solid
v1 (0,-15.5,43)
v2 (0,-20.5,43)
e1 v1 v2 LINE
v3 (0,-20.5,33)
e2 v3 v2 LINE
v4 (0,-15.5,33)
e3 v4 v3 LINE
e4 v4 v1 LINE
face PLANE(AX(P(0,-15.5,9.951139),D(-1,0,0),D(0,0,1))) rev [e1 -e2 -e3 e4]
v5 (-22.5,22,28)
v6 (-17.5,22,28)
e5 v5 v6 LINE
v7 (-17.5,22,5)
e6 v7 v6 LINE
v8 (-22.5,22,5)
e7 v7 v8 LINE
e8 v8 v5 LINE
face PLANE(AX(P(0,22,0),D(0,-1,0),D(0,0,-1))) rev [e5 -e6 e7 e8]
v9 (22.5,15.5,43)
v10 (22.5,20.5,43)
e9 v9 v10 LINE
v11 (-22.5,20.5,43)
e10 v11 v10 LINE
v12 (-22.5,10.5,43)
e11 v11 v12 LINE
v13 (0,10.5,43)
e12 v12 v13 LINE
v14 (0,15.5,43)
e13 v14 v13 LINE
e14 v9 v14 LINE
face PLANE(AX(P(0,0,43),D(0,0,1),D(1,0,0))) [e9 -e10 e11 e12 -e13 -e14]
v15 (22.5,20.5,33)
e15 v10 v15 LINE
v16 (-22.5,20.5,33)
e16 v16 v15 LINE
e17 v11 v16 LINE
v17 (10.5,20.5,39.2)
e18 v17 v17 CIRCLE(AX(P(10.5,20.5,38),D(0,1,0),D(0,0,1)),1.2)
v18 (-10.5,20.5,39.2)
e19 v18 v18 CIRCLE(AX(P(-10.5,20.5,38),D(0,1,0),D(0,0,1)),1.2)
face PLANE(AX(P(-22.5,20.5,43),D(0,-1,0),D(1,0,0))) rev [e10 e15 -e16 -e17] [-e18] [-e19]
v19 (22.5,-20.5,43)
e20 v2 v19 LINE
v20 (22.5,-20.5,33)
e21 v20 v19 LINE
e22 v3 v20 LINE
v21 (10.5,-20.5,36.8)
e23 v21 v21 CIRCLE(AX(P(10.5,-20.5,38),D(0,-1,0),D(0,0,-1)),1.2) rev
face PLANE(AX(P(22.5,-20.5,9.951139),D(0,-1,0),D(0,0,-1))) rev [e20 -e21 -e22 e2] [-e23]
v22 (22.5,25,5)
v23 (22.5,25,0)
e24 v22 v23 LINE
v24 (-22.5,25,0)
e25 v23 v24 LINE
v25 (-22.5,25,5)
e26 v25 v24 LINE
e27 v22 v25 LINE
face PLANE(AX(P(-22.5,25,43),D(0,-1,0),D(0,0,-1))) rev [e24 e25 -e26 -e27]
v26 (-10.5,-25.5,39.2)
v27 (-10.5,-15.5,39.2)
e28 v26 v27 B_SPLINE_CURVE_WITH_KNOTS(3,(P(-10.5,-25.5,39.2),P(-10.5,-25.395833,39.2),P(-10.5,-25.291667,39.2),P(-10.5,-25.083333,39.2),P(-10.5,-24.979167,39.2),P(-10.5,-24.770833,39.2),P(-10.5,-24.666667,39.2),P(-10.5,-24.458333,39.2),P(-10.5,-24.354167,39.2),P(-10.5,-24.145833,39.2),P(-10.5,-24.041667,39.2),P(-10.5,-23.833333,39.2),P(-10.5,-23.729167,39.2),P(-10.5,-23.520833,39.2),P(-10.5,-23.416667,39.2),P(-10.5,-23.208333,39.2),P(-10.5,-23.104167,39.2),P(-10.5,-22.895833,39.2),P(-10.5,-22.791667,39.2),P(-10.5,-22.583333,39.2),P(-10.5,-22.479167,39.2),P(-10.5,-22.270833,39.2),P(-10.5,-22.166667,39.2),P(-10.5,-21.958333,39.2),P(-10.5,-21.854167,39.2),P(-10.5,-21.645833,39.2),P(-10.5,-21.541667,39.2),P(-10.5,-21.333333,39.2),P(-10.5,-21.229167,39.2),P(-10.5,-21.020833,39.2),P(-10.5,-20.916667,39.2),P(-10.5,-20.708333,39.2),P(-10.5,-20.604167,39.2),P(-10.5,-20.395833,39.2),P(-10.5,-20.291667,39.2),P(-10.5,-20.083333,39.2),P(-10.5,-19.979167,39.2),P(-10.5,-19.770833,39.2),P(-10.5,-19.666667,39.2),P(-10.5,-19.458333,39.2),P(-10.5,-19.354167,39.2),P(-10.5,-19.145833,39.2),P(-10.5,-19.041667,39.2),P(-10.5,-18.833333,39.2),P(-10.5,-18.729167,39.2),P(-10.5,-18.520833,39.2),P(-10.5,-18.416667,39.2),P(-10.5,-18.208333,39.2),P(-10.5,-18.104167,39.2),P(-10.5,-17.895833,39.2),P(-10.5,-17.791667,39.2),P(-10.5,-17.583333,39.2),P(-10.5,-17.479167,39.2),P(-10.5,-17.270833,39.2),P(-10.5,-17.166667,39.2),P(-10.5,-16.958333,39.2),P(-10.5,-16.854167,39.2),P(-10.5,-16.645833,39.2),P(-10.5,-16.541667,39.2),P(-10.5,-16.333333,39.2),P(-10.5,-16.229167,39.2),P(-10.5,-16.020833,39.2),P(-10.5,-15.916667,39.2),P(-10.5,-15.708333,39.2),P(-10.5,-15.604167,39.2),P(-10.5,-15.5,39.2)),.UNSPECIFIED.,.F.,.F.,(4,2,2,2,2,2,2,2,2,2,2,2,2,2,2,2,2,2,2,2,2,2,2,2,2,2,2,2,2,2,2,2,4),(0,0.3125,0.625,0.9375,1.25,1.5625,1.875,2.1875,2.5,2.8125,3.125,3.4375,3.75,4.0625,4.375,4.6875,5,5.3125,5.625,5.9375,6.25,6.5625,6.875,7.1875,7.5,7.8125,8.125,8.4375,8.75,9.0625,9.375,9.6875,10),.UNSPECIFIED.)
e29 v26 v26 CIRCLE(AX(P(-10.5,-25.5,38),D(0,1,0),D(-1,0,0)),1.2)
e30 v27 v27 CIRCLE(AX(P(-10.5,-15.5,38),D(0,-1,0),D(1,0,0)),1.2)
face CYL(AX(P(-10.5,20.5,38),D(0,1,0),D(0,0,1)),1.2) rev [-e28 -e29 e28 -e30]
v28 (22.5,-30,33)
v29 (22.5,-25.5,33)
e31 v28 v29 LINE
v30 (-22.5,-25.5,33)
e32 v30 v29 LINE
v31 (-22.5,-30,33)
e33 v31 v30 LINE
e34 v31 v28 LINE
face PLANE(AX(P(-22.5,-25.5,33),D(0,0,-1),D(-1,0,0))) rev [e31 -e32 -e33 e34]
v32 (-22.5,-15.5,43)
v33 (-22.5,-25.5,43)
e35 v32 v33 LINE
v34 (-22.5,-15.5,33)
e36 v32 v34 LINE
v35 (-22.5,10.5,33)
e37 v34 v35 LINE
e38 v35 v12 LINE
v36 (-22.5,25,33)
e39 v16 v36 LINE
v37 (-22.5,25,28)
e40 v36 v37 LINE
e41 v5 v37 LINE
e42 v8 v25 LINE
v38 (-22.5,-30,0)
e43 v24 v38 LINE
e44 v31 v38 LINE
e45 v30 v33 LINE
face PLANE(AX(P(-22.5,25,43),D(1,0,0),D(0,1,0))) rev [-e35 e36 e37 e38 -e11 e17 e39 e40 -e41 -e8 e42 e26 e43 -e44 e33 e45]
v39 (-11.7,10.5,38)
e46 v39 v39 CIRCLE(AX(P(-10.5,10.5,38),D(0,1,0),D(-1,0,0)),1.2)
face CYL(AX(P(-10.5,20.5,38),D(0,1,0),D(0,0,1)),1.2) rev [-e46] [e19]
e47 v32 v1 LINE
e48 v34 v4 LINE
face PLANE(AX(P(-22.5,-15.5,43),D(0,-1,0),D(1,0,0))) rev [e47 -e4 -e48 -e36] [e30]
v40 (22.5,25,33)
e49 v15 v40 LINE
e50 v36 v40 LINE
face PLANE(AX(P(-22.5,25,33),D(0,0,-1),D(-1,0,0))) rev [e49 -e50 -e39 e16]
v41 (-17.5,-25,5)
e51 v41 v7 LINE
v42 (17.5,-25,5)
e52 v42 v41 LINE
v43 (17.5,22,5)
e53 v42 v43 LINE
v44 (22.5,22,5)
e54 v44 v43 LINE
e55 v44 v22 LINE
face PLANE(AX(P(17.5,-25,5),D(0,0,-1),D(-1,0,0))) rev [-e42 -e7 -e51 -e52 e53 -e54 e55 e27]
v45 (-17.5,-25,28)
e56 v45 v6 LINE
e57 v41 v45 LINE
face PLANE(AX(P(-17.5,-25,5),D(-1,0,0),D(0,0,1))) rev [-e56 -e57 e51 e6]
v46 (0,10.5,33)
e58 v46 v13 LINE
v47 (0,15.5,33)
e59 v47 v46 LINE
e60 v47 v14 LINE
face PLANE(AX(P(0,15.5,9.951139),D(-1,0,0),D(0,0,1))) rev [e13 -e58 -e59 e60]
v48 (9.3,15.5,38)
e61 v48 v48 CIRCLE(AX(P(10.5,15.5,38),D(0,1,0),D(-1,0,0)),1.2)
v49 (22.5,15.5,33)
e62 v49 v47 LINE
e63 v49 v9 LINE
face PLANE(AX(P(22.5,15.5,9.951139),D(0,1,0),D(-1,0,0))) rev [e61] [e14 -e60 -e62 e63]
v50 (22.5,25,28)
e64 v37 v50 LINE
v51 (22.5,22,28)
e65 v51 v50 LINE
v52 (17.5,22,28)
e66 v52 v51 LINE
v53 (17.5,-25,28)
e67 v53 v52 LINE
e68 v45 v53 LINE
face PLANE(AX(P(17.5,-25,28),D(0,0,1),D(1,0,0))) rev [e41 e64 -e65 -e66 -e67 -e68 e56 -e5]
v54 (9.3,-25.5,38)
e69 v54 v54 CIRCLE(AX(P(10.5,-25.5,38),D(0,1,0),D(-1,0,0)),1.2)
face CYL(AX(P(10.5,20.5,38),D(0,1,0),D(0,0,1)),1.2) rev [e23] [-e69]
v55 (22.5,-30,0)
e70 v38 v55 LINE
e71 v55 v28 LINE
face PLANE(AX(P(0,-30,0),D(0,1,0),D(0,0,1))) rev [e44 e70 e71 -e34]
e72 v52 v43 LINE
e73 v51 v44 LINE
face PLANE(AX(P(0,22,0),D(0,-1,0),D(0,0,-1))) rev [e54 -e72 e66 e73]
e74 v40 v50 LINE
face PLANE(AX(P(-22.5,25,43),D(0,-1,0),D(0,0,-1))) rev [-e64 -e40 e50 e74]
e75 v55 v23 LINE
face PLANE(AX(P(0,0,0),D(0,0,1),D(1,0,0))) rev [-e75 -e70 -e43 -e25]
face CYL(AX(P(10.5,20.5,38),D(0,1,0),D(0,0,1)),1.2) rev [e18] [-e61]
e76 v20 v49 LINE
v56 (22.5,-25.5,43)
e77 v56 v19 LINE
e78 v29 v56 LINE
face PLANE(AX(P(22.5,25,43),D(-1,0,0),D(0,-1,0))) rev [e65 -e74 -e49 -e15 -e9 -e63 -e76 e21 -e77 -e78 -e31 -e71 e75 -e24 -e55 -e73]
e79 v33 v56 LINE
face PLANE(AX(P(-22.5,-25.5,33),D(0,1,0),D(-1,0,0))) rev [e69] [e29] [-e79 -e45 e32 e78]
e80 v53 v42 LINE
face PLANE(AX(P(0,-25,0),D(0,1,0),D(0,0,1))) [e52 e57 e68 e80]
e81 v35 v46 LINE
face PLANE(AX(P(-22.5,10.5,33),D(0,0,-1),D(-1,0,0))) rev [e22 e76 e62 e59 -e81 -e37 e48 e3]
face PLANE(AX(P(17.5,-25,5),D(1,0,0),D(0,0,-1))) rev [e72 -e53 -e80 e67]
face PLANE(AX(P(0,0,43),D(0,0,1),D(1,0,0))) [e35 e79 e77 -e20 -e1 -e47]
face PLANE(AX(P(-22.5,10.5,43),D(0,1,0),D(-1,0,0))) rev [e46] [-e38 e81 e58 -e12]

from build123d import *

# Parameters (mm, degrees)
SKETCH_1_W          = 45
SKETCH_1_H          = 50
EXTRUDE_1_DEPTH     = 43
SKETCH_2_W          = 35
SKETCH_2_H          = 23
CUT_EXTRUDE_1_DEPTH = 70.679623994
SKETCH_3_W          = 45
SKETCH_3_H          = 43
EXTRUDE_2_DEPTH     = 5
SKETCH_4_W          = 10
SKETCH_4_H          = 26
SKETCH_4_H_2        = 4.5
CUT_EXTRUDE_2_DEPTH = 70.09413868
SKETCH_5_W          = 22.5
SKETCH_5_H          = 5
CUT_EXTRUDE_3_DEPTH = 10
HOLE_WIZARD_M2_1_D  = 2.4
SKETCH_8_W          = 45
SKETCH_8_H          = 23
CUT_EXTRUDE_4_DEPTH = 3
CUT_EXTRUDE_5_REACH = 59.055
SKETCH_11_W         = 22.5
SKETCH_11_H         = 5


with BuildPart() as part:
    # ｽｹｯﾁ1 → ﾎﾞｽ - 押し出し1 (new body)
    with BuildSketch(Plane.XY):
        Rectangle(SKETCH_1_W, SKETCH_1_H)
    extrude(amount=EXTRUDE_1_DEPTH)

    # ｽｹｯﾁ2 → ｶｯﾄ - 押し出し1 (cut, through all)
    with BuildSketch(Plane(origin=(0, 25, 0), x_dir=(1, 0, 0), z_dir=(0, 1, 0))):
        with Locations((0, -16.5)):
            Rectangle(SKETCH_2_W, SKETCH_2_H)
    extrude(amount=-CUT_EXTRUDE_1_DEPTH, mode=Mode.SUBTRACT)

    # ｽｹｯﾁ3 → ﾎﾞｽ - 押し出し2 (add)
    with BuildSketch(Plane.XZ.offset(25)):
        with Locations((0, 21.5)):
            Rectangle(SKETCH_3_W, SKETCH_3_H)
    extrude(amount=EXTRUDE_2_DEPTH)

    # ｽｹｯﾁ4 → ｶｯﾄ - 押し出し2 (cut, through all)
    with BuildSketch(Plane(origin=(22.5, 0, 0), x_dir=(0, 0, -1), z_dir=(1, 0, 0))):
        with Locations((-38, -2.5)):
            Rectangle(SKETCH_4_W, SKETCH_4_H)
        with Locations((-38, -27.75)):
            Rectangle(SKETCH_4_W, SKETCH_4_H_2)
        with Locations((-38, 22.75)):
            Rectangle(SKETCH_4_W, SKETCH_4_H_2)
    extrude(amount=-CUT_EXTRUDE_2_DEPTH, mode=Mode.SUBTRACT)

    # ｽｹｯﾁ5 → ｶｯﾄ - 押し出し3 (cut)
    with BuildSketch(Plane.XY.offset(43)):
        with Locations((11.25, 13)):
            Rectangle(SKETCH_5_W, SKETCH_5_H)
    extrude(amount=-CUT_EXTRUDE_3_DEPTH, mode=Mode.SUBTRACT)

    # M2 すきま穴1 (through all)
    with Locations(Plane(origin=(0, 20.5, 0), x_dir=(1, 0, 0), z_dir=(0, 1, 0))):
        with Locations((-10.5, -38), (10.5, -38)):
            Hole(HOLE_WIZARD_M2_1_D / 2)

    # ｽｹｯﾁ8 → ｶｯﾄ - 押し出し4 (cut)
    with BuildSketch(Plane(origin=(0, 25, 0), x_dir=(1, 0, 0), z_dir=(0, 1, 0))):
        with Locations((0, -16.5)):
            Rectangle(SKETCH_8_W, SKETCH_8_H)
    extrude(amount=-CUT_EXTRUDE_4_DEPTH, mode=Mode.SUBTRACT)

    # ｶｯﾄ - 押し出し5: up to this face of the body (flat: up to its plane)
    cut_extrude_5_end = Plane(part.part.faces().sort_by_distance((0.986842105, -1.140350877, 33))[0])
    # ｽｹｯﾁ11 → ｶｯﾄ - 押し出し5 (cut, up to the picked face)
    with BuildSketch(Plane.XY.offset(43), mode=Mode.PRIVATE) as cut_extrude_5_sk1:
        with Locations((11.25, -18)):
            Rectangle(SKETCH_11_W, SKETCH_11_H)
    cut_extrude_5_tool1 = split(extrude(cut_extrude_5_sk1.sketch, amount=-CUT_EXTRUDE_5_REACH, mode=Mode.PRIVATE), bisect_by=cut_extrude_5_end, keep=Keep.BOTH, mode=Mode.PRIVATE)
    add(cut_extrude_5_tool1.solids().sort_by(Axis((11.25, -18, 43), (0, 0, -1)))[0], mode=Mode.SUBTRACT)


solid = part.part
